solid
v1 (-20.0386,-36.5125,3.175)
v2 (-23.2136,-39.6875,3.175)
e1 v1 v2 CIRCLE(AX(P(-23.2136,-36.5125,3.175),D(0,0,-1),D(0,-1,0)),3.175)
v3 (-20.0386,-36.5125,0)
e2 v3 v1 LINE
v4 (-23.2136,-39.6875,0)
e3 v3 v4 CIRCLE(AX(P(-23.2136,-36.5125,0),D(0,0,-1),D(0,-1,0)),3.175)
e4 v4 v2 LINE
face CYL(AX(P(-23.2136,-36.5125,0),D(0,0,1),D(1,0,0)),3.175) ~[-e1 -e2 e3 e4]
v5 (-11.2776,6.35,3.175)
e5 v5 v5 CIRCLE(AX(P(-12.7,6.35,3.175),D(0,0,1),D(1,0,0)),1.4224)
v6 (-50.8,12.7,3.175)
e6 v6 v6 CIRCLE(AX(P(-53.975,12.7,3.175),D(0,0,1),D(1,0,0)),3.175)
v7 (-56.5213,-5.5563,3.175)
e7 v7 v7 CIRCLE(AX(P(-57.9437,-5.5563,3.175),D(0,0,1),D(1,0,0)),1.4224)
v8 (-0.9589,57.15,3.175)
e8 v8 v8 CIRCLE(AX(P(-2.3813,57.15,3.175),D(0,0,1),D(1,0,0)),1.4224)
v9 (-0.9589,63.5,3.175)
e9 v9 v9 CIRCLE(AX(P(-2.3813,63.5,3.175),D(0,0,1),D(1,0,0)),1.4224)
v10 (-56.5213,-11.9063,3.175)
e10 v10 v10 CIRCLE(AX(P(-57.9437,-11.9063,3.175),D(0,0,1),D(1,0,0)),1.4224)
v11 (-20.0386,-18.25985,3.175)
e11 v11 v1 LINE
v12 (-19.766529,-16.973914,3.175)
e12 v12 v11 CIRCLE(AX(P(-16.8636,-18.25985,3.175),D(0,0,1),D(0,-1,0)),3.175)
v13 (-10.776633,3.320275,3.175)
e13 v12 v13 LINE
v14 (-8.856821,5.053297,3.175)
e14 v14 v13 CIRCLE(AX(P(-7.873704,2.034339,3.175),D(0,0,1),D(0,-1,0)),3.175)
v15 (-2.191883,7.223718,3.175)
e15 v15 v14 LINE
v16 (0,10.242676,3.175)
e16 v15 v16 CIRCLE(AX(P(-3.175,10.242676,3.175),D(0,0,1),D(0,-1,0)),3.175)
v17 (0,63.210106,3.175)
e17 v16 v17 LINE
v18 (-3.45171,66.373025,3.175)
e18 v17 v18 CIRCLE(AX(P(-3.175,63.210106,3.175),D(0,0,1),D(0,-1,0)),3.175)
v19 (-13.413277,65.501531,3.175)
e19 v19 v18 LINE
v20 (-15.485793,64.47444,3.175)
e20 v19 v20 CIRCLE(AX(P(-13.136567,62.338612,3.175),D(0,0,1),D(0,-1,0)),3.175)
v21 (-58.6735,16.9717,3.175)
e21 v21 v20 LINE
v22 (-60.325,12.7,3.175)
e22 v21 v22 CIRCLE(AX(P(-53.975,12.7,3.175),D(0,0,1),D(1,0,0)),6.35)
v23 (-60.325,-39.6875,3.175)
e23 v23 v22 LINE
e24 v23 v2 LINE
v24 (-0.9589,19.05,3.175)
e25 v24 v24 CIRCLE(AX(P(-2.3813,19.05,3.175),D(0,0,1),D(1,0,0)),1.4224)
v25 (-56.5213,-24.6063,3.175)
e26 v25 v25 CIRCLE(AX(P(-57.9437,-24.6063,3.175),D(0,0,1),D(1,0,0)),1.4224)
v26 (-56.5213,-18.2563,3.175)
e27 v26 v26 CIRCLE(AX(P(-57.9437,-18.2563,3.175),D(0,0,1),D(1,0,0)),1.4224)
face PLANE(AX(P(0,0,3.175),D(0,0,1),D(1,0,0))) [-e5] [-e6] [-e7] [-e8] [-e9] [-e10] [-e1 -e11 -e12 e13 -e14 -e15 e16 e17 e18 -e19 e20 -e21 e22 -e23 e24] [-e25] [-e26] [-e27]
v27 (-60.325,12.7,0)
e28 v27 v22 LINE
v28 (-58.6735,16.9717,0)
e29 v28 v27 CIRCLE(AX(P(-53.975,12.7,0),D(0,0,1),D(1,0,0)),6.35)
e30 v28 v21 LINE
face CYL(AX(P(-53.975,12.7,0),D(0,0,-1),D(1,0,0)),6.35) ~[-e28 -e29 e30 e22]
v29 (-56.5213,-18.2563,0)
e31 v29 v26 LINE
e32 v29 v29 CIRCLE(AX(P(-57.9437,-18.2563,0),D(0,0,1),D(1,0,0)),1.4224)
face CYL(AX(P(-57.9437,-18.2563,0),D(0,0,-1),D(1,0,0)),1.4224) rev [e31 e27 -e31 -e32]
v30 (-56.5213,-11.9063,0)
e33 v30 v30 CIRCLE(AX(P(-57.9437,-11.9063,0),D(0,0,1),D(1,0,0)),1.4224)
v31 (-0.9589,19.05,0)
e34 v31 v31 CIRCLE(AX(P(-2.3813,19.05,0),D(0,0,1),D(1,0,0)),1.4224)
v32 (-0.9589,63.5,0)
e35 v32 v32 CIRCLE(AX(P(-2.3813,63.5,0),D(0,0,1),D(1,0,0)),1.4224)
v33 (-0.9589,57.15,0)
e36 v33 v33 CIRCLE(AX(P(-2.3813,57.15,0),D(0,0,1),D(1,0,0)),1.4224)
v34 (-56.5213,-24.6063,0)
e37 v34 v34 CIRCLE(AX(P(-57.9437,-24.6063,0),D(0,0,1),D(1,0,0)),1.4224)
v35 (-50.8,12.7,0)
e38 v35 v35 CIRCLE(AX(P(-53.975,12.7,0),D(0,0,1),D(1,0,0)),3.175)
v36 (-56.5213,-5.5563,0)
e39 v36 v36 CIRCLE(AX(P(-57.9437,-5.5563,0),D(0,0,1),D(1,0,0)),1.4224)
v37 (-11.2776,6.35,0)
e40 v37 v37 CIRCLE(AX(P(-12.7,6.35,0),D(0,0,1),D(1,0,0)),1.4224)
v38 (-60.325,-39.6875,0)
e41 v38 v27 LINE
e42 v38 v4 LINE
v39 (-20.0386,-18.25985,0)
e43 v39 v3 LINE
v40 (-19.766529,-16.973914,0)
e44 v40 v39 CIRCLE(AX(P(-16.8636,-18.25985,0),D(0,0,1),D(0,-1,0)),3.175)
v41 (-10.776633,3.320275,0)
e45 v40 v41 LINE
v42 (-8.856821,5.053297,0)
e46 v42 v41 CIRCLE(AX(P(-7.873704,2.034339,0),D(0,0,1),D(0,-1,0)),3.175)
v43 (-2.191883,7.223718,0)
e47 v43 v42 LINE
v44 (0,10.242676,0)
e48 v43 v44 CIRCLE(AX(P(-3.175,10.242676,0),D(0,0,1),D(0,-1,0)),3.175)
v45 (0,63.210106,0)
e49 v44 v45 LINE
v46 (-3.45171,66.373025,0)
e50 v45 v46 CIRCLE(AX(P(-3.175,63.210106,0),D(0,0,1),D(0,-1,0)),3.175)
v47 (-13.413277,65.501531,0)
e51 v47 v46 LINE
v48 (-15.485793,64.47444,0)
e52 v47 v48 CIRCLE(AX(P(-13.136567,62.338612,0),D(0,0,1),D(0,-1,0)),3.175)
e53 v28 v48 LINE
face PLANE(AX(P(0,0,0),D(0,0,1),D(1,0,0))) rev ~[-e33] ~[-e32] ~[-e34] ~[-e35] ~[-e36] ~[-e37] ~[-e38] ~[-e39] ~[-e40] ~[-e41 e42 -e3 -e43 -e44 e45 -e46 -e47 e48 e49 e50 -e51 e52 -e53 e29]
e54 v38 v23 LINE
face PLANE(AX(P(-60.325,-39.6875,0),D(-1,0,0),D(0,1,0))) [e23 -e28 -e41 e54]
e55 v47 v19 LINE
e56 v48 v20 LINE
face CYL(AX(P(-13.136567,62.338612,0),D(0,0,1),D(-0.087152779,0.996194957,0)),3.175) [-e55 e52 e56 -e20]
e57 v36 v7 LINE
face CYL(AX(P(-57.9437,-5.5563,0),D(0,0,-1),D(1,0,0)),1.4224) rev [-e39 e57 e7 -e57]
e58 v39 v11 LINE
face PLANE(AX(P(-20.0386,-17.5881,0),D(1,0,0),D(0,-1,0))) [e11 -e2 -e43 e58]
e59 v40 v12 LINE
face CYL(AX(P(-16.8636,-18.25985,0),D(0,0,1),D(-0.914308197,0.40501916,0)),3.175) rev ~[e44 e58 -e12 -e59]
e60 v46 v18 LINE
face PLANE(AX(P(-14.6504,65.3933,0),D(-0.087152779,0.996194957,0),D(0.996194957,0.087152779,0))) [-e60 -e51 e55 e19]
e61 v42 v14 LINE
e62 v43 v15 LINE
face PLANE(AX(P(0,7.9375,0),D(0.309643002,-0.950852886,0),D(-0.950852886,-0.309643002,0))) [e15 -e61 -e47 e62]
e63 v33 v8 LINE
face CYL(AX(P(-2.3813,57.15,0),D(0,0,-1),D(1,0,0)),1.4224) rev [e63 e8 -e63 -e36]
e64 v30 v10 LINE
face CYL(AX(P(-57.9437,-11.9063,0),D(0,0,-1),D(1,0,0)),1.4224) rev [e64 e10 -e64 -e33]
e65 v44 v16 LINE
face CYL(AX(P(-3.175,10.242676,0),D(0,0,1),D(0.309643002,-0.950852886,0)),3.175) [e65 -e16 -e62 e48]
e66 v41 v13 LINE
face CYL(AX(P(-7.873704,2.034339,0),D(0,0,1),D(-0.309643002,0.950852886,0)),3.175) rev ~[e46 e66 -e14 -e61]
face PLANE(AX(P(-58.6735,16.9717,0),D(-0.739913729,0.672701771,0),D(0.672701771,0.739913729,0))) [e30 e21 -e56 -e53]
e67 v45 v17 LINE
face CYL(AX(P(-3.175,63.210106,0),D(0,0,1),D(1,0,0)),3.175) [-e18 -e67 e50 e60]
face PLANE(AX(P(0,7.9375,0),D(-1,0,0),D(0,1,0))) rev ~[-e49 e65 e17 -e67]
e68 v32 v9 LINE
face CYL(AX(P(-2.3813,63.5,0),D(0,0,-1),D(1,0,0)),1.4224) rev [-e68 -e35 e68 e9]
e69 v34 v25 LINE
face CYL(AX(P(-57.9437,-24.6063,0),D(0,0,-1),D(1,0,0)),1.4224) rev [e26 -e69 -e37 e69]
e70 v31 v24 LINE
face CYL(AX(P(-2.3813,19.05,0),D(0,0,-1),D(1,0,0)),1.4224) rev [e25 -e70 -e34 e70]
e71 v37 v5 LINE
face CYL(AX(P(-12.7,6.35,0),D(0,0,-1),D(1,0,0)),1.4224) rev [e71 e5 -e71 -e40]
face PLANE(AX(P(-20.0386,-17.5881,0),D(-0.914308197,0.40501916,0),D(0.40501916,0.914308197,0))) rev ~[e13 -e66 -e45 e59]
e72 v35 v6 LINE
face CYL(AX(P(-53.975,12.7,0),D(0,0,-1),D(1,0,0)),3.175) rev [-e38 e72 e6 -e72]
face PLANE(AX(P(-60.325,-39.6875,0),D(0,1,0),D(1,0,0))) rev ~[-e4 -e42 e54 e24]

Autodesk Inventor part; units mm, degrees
ref_plane "YZ Plane" through (0, 0, 0) normal (1, 0, 0) x (0, 1, 0)
ref_plane "XZ Plane" through (0, 0, 0) normal (0, 1, 0) x (-1, 0, 0)
ref_plane "XY Plane" through (0, 0, 0) normal (0, 0, 1) x (1, 0, 0)
sketch "Sketch1" plane through (0, 0, 0) normal (0, 0, 1) x (1, 0, 0)
  line L0 (0, 0) -> (0, 136.525)
  line L1 (-11.7886, 12.2907) -> (-39.6863, 18.4755) construction
  line L2 (-39.6863, 18.4755) -> (-33.3297, 47.1481) construction
  line L3 (-33.3297, 47.1481) -> (-5.432, 40.9633) construction
  line L4 (-5.432, 40.9633) -> (-11.7886, 12.2907) construction
  line L5 (-39.6863, 18.4755) -> (-5.432, 40.9633) construction
  line L6 (-33.3297, 47.1481) -> (-11.7886, 12.2907) construction
  circle A0 centre (-53.975, 12.7) radius 3.175
  circle A1 centre (-53.975, 12.7) radius 6.35
  line L7 (0, 0) -> (-54.712, 6.3929) construction
  line L8 (-59.6703, 15.5082) -> (0, 136.525) construction
  line L9 (-27.1302, 45.7737) -> (-37.4529, 28.5497) construction
  line L10 (-11.6315, 42.3377) -> (-9.5552, 22.3649) construction
  line L11 (-19.3809, 44.0557) -> (-25.7374, 15.3831) construction
  line L12 (0, 92.075) -> (-19.7574, 96.4551) construction
  line L13 (-35.3766, 8.5768) -> (-19.8779, 5.1408) construction
  line L14 (-19.8779, 5.1408) -> (-21.2523, -1.0586) construction
  line L15 (-21.2523, -1.0586) -> (-36.751, 2.3773) construction
  line L16 (-36.751, 2.3773) -> (-35.3766, 8.5768) construction
  line L17 (-35.3766, 8.5768) -> (-41.27, 4.8223) construction
  line L18 (-19.8779, 5.1408) -> (-17.9381, 2.096) construction
  line L19 (-5.432, 40.9633) -> (-33.3297, 47.1481) construction
  line L20 (-33.3297, 47.1481) -> (-32.2475, 52.0296) construction
  line L21 (-32.2475, 52.0296) -> (-4.3498, 45.8448) construction
  line L22 (-4.3498, 45.8448) -> (-5.432, 40.9633) construction
  line L23 (-53.2878, 15.7997) -> (-53.975, 12.7) construction
  line L24 (-53.975, 12.7) -> (-57.0747, 13.3872) construction
  line L25 (-27.6272, 6.8588) -> (-34.4992, -24.1386) construction
  line L26 (-31.8676, 50.076) -> (-5.5198, 44.2349) construction
  line L27 (-5.5198, 44.2349) -> (-4.489, 48.8845) construction
  line L28 (-4.489, 48.8845) -> (-30.8368, 54.7256) construction
  line L29 (-30.8368, 54.7256) -> (-31.8676, 50.076) construction
  line L30 (-31.3522, 52.4008) -> (-5.0044, 46.5597) construction
  circle A2 centre (-29.0274, 51.8854) radius 1.4732 construction
  circle A3 centre (-22.8279, 50.5111) radius 1.4732 construction
  circle A4 centre (-16.6284, 49.1367) radius 1.4732 construction
  circle A5 centre (-10.4289, 47.7623) radius 1.4732 construction
  circle A6 centre (-10.3614, 84.7398) radius 1.4732 construction
  line L31 (-53.975, 12.7) -> (-13.3751, 95.0402) construction
  line L32 (-32.2923, 56.6744) -> (0, 49.5153) construction
  circle A7 centre (-10.3614, 84.7398) radius 4.7625 construction
  line L33 (-4.7625, 50.5712) -> (-4.7625, 93.1308) construction
  line L34 (-27.5056, 55.6132) -> (-14.3936, 82.2055) construction
  line L35 (-5.6003, 84.6261) -> (-4.7625, 84.4403) construction
  line L36 (-17.9381, 2.096) -> (0, 2.096) construction
  line L37 (0, 2.096) -> (0, -1.079) construction
  line L38 (0, -1.079) -> (-17.9381, -1.079) construction
  line L39 (-17.9381, -1.079) -> (-17.9381, 2.096) construction
  circle A8 centre (-12.7, 7.9375) radius 1.5875 construction
  line L40 (-12.7, 7.9375) -> (0, 7.9375) construction
  line L41 (0, 7.9375) -> (-17.9381, 2.096)
  circle A9 centre (-12.7, 7.9375) radius 3.175 construction
  line L42 (-9.525, 7.9375) -> (-9.525, 4.8357) construction
  line L43 (-9.525, 7.9375) -> (0, 7.9375) construction
  line L44 (-17.9187, 46.9837) -> (-16.8879, 51.6333) construction
  line L45 (-12.4942, 45.7811) -> (-26.2381, -16.2137) construction
  line L46 (0, 66.675) -> (0, 7.9375) construction
  line L47 (-26.2381, -16.2137) -> (-20.0386, -17.5881) construction
  line L48 (-20.0386, -17.5881) -> (-8.7313, 7.9375)
  circle A10 centre (-12.7, 6.35) radius 1.4224
  line L49 (0, 13.4938) -> (-4.7625, 13.4938) construction
  line L50 (-4.7625, 13.4938) -> (-4.7625, 24.6063) construction
  line L51 (-4.7625, 24.6063) -> (0, 24.6063) construction
  line L52 (0, 24.6063) -> (0, 13.4938) construction
  line L53 (-4.7625, 19.05) -> (0, 19.05) construction
  circle A11 centre (-2.3813, 19.05) radius 1.4224
  line L54 (-20.7405, 8.5842) -> (-9.7454, 58.18) construction
  line L55 (-9.7454, 58.18) -> (-3.5459, 56.8056) construction
  line L56 (-3.5459, 56.8056) -> (-14.5411, 7.2098) construction
  line L57 (-14.5411, 7.2098) -> (-20.7405, 8.5842) construction
  line L58 (-12.7, 6.35) -> (-12.7, 7.9375) construction
  line L59 (-11.5442, 1.5875) -> (-9.525, 1.5875) construction
  line L60 (-9.525, 1.5875) -> (-9.525, 7.9375) construction
  line L61 (-9.525, 7.9375) -> (-11.5442, 7.9375) construction
  line L62 (-11.5442, 7.9375) -> (-11.5442, 1.5875) construction
  line L63 (-9.7454, 58.18) -> (-15.9449, 59.5544) construction
  line L64 (-15.9449, 59.5544) -> (-14.6504, 65.3933) construction
  line L65 (-14.6504, 65.3933) -> (0, 66.675)
  line L66 (-9.7454, 58.18) -> (-17.3193, 53.3549) construction
  arc A12 (-10.2313, 55.9882) -> (-11.9373, 58.6659) centre (-11.0843, 57.3271) ccw construction
  line L67 (-4.7625, 57.15) -> (0, 57.15) construction
  circle A13 centre (-2.3813, 57.15) radius 1.4224
  circle A14 centre (-2.3813, 63.5) radius 1.4224
  line L68 (0, 7.9375) -> (-60.325, 7.9375) construction
  line L69 (-60.325, 7.9375) -> (-60.325, -39.6875) construction
  line L70 (-60.325, -39.6875) -> (0, -39.6875)
  line L71 (0, -39.6875) -> (0, 7.9375)
  line L72 (-60.325, -39.6875) -> (-60.325, 12.7)
  line L73 (-58.6735, 16.9717) -> (-14.6504, 65.3933)
  line L74 (-60.325, -30.1625) -> (-60.325, -3.175) construction
  line L75 (-60.325, -3.175) -> (-55.5625, -3.175) construction
  line L76 (-55.5625, -3.175) -> (-55.5625, -30.1625) construction
  line L77 (-55.5625, -30.1625) -> (-60.325, -30.1625) construction
  line L78 (-60.325, -24.6062) -> (-55.5625, -24.6062) construction
  circle A15 centre (-57.9437, -24.6063) radius 1.4224
  circle A16 centre (-57.9437, -18.2563) radius 1.4224
  circle A17 centre (-57.9437, -11.9063) radius 1.4224
  circle A18 centre (-57.9437, -5.5563) radius 1.4224
  line L79 (-20.0386, -17.5881) -> (-20.0386, -39.6875)
  point P0 (-22.5591, 29.7194)
  point P1 (-20.4869, 2.3938)
  point P2 (-36.3367, 4.2458)
  point P3 (-51.1668, 18.3953)
  point P4 (-11.1125, 7.9375)
  point P5 (-11.4283, 6.9872)
  point P6 (-11.9574, 7.9375)
  point P7 (-13.9717, 6.9872)
  point P8 (-9.525, 6.1457)
  point P9 (-10.2031, 4.6149)
  dimension "d74" = 6.35
  dimension "d13" = 136.525
  dimension "d14" = 29.3687
  dimension "d15" = 28.575
  dimension "d16" = 12.5
  dimension "d17" = 6.35
  dimension "d19" = 53.975
  dimension "d22" = 12.7
  dimension "d23" = 7.9375
  dimension "d24" = 19.05
  dimension "d26" = 102.5
  dimension "d29" = 6.35
  dimension "d31" = 7.9375
  dimension "d34" = 5
  dimension "d35" = 26.9875
  dimension "d38" = 31.75
  dimension "d40" = 26.9875
  dimension "d41" = 4.7625
  dimension "d42" = 2.9464
  dimension "d43" = 2.3813
  dimension "d46" = 6.35
  dimension "d51" = 2.9464
  dimension "d52" = 79.7719
  dimension "d53" = 6.35
  dimension "d54" = 9.525
  dimension "d55" = 4.7625
  dimension "d56" = 4.7625
  dimension "d60" = 12.7
  dimension "d61" = 3.175
  dimension "d63" = 3.175
  dimension "d66" = 3.175
  dimension "d67" = 12.7
  dimension "d72" = 8.7312
  dimension "d73" = 7.9375
  dimension "d75" = 34.925
  dimension "d80" = 12.7
  dimension "d82" = 7.9375
  dimension "d83" = 63.5
  dimension "d84" = 66.675
  dimension "d85" = 6.35
  dimension "d86" = 92.075
  dimension "d87" = 2.8448
  dimension "d88" = 4.7625
  dimension "d89" = 11.1125
  dimension "d90" = 2.8448
  dimension "d91" = 19.05
  dimension "d92" = 6.35
  dimension "d93" = 50.8
  dimension "d94" = 25.4
  dimension "d95" = 8.7312
  dimension "d96" = 9.525
  dimension "d97" = 6.35
  dimension "d99" = 6.35
  dimension "d101" = 3.175
  dimension "d106" = 2.8448
  dimension "d107" = 57.15
  dimension "d110" = 6.35
  dimension "d119" = 85
  dimension "d121" = 47.625
  dimension "d123" = 4.7625
  dimension "d124" = 26.9875
  dimension "d125" = 9.525
  dimension "d126" = 2.8448
  dimension "d130" = 6.35
  dimension "d135" = 2.3813
extrude "Extrusion1" add sketch "Sketch1" along normal blind 3.175 contours L41 L48 L79 L70 L72 A1 L73 L65 L0 | A1
fillet "Fillet5" radius 3.175 6 edges at (-14.6504, 65.3933, 1.5875) (0, 66.675, 1.5875) (-20.0386, -39.6875, 1.5875) (-20.0386, -17.5881, 1.5875) (-10.2031, 4.6149, 1.5875) (0, 7.9375, 1.5875)
equation "\"d56\" = d55"
properties part number "Uprights" material "UHMW, White"
